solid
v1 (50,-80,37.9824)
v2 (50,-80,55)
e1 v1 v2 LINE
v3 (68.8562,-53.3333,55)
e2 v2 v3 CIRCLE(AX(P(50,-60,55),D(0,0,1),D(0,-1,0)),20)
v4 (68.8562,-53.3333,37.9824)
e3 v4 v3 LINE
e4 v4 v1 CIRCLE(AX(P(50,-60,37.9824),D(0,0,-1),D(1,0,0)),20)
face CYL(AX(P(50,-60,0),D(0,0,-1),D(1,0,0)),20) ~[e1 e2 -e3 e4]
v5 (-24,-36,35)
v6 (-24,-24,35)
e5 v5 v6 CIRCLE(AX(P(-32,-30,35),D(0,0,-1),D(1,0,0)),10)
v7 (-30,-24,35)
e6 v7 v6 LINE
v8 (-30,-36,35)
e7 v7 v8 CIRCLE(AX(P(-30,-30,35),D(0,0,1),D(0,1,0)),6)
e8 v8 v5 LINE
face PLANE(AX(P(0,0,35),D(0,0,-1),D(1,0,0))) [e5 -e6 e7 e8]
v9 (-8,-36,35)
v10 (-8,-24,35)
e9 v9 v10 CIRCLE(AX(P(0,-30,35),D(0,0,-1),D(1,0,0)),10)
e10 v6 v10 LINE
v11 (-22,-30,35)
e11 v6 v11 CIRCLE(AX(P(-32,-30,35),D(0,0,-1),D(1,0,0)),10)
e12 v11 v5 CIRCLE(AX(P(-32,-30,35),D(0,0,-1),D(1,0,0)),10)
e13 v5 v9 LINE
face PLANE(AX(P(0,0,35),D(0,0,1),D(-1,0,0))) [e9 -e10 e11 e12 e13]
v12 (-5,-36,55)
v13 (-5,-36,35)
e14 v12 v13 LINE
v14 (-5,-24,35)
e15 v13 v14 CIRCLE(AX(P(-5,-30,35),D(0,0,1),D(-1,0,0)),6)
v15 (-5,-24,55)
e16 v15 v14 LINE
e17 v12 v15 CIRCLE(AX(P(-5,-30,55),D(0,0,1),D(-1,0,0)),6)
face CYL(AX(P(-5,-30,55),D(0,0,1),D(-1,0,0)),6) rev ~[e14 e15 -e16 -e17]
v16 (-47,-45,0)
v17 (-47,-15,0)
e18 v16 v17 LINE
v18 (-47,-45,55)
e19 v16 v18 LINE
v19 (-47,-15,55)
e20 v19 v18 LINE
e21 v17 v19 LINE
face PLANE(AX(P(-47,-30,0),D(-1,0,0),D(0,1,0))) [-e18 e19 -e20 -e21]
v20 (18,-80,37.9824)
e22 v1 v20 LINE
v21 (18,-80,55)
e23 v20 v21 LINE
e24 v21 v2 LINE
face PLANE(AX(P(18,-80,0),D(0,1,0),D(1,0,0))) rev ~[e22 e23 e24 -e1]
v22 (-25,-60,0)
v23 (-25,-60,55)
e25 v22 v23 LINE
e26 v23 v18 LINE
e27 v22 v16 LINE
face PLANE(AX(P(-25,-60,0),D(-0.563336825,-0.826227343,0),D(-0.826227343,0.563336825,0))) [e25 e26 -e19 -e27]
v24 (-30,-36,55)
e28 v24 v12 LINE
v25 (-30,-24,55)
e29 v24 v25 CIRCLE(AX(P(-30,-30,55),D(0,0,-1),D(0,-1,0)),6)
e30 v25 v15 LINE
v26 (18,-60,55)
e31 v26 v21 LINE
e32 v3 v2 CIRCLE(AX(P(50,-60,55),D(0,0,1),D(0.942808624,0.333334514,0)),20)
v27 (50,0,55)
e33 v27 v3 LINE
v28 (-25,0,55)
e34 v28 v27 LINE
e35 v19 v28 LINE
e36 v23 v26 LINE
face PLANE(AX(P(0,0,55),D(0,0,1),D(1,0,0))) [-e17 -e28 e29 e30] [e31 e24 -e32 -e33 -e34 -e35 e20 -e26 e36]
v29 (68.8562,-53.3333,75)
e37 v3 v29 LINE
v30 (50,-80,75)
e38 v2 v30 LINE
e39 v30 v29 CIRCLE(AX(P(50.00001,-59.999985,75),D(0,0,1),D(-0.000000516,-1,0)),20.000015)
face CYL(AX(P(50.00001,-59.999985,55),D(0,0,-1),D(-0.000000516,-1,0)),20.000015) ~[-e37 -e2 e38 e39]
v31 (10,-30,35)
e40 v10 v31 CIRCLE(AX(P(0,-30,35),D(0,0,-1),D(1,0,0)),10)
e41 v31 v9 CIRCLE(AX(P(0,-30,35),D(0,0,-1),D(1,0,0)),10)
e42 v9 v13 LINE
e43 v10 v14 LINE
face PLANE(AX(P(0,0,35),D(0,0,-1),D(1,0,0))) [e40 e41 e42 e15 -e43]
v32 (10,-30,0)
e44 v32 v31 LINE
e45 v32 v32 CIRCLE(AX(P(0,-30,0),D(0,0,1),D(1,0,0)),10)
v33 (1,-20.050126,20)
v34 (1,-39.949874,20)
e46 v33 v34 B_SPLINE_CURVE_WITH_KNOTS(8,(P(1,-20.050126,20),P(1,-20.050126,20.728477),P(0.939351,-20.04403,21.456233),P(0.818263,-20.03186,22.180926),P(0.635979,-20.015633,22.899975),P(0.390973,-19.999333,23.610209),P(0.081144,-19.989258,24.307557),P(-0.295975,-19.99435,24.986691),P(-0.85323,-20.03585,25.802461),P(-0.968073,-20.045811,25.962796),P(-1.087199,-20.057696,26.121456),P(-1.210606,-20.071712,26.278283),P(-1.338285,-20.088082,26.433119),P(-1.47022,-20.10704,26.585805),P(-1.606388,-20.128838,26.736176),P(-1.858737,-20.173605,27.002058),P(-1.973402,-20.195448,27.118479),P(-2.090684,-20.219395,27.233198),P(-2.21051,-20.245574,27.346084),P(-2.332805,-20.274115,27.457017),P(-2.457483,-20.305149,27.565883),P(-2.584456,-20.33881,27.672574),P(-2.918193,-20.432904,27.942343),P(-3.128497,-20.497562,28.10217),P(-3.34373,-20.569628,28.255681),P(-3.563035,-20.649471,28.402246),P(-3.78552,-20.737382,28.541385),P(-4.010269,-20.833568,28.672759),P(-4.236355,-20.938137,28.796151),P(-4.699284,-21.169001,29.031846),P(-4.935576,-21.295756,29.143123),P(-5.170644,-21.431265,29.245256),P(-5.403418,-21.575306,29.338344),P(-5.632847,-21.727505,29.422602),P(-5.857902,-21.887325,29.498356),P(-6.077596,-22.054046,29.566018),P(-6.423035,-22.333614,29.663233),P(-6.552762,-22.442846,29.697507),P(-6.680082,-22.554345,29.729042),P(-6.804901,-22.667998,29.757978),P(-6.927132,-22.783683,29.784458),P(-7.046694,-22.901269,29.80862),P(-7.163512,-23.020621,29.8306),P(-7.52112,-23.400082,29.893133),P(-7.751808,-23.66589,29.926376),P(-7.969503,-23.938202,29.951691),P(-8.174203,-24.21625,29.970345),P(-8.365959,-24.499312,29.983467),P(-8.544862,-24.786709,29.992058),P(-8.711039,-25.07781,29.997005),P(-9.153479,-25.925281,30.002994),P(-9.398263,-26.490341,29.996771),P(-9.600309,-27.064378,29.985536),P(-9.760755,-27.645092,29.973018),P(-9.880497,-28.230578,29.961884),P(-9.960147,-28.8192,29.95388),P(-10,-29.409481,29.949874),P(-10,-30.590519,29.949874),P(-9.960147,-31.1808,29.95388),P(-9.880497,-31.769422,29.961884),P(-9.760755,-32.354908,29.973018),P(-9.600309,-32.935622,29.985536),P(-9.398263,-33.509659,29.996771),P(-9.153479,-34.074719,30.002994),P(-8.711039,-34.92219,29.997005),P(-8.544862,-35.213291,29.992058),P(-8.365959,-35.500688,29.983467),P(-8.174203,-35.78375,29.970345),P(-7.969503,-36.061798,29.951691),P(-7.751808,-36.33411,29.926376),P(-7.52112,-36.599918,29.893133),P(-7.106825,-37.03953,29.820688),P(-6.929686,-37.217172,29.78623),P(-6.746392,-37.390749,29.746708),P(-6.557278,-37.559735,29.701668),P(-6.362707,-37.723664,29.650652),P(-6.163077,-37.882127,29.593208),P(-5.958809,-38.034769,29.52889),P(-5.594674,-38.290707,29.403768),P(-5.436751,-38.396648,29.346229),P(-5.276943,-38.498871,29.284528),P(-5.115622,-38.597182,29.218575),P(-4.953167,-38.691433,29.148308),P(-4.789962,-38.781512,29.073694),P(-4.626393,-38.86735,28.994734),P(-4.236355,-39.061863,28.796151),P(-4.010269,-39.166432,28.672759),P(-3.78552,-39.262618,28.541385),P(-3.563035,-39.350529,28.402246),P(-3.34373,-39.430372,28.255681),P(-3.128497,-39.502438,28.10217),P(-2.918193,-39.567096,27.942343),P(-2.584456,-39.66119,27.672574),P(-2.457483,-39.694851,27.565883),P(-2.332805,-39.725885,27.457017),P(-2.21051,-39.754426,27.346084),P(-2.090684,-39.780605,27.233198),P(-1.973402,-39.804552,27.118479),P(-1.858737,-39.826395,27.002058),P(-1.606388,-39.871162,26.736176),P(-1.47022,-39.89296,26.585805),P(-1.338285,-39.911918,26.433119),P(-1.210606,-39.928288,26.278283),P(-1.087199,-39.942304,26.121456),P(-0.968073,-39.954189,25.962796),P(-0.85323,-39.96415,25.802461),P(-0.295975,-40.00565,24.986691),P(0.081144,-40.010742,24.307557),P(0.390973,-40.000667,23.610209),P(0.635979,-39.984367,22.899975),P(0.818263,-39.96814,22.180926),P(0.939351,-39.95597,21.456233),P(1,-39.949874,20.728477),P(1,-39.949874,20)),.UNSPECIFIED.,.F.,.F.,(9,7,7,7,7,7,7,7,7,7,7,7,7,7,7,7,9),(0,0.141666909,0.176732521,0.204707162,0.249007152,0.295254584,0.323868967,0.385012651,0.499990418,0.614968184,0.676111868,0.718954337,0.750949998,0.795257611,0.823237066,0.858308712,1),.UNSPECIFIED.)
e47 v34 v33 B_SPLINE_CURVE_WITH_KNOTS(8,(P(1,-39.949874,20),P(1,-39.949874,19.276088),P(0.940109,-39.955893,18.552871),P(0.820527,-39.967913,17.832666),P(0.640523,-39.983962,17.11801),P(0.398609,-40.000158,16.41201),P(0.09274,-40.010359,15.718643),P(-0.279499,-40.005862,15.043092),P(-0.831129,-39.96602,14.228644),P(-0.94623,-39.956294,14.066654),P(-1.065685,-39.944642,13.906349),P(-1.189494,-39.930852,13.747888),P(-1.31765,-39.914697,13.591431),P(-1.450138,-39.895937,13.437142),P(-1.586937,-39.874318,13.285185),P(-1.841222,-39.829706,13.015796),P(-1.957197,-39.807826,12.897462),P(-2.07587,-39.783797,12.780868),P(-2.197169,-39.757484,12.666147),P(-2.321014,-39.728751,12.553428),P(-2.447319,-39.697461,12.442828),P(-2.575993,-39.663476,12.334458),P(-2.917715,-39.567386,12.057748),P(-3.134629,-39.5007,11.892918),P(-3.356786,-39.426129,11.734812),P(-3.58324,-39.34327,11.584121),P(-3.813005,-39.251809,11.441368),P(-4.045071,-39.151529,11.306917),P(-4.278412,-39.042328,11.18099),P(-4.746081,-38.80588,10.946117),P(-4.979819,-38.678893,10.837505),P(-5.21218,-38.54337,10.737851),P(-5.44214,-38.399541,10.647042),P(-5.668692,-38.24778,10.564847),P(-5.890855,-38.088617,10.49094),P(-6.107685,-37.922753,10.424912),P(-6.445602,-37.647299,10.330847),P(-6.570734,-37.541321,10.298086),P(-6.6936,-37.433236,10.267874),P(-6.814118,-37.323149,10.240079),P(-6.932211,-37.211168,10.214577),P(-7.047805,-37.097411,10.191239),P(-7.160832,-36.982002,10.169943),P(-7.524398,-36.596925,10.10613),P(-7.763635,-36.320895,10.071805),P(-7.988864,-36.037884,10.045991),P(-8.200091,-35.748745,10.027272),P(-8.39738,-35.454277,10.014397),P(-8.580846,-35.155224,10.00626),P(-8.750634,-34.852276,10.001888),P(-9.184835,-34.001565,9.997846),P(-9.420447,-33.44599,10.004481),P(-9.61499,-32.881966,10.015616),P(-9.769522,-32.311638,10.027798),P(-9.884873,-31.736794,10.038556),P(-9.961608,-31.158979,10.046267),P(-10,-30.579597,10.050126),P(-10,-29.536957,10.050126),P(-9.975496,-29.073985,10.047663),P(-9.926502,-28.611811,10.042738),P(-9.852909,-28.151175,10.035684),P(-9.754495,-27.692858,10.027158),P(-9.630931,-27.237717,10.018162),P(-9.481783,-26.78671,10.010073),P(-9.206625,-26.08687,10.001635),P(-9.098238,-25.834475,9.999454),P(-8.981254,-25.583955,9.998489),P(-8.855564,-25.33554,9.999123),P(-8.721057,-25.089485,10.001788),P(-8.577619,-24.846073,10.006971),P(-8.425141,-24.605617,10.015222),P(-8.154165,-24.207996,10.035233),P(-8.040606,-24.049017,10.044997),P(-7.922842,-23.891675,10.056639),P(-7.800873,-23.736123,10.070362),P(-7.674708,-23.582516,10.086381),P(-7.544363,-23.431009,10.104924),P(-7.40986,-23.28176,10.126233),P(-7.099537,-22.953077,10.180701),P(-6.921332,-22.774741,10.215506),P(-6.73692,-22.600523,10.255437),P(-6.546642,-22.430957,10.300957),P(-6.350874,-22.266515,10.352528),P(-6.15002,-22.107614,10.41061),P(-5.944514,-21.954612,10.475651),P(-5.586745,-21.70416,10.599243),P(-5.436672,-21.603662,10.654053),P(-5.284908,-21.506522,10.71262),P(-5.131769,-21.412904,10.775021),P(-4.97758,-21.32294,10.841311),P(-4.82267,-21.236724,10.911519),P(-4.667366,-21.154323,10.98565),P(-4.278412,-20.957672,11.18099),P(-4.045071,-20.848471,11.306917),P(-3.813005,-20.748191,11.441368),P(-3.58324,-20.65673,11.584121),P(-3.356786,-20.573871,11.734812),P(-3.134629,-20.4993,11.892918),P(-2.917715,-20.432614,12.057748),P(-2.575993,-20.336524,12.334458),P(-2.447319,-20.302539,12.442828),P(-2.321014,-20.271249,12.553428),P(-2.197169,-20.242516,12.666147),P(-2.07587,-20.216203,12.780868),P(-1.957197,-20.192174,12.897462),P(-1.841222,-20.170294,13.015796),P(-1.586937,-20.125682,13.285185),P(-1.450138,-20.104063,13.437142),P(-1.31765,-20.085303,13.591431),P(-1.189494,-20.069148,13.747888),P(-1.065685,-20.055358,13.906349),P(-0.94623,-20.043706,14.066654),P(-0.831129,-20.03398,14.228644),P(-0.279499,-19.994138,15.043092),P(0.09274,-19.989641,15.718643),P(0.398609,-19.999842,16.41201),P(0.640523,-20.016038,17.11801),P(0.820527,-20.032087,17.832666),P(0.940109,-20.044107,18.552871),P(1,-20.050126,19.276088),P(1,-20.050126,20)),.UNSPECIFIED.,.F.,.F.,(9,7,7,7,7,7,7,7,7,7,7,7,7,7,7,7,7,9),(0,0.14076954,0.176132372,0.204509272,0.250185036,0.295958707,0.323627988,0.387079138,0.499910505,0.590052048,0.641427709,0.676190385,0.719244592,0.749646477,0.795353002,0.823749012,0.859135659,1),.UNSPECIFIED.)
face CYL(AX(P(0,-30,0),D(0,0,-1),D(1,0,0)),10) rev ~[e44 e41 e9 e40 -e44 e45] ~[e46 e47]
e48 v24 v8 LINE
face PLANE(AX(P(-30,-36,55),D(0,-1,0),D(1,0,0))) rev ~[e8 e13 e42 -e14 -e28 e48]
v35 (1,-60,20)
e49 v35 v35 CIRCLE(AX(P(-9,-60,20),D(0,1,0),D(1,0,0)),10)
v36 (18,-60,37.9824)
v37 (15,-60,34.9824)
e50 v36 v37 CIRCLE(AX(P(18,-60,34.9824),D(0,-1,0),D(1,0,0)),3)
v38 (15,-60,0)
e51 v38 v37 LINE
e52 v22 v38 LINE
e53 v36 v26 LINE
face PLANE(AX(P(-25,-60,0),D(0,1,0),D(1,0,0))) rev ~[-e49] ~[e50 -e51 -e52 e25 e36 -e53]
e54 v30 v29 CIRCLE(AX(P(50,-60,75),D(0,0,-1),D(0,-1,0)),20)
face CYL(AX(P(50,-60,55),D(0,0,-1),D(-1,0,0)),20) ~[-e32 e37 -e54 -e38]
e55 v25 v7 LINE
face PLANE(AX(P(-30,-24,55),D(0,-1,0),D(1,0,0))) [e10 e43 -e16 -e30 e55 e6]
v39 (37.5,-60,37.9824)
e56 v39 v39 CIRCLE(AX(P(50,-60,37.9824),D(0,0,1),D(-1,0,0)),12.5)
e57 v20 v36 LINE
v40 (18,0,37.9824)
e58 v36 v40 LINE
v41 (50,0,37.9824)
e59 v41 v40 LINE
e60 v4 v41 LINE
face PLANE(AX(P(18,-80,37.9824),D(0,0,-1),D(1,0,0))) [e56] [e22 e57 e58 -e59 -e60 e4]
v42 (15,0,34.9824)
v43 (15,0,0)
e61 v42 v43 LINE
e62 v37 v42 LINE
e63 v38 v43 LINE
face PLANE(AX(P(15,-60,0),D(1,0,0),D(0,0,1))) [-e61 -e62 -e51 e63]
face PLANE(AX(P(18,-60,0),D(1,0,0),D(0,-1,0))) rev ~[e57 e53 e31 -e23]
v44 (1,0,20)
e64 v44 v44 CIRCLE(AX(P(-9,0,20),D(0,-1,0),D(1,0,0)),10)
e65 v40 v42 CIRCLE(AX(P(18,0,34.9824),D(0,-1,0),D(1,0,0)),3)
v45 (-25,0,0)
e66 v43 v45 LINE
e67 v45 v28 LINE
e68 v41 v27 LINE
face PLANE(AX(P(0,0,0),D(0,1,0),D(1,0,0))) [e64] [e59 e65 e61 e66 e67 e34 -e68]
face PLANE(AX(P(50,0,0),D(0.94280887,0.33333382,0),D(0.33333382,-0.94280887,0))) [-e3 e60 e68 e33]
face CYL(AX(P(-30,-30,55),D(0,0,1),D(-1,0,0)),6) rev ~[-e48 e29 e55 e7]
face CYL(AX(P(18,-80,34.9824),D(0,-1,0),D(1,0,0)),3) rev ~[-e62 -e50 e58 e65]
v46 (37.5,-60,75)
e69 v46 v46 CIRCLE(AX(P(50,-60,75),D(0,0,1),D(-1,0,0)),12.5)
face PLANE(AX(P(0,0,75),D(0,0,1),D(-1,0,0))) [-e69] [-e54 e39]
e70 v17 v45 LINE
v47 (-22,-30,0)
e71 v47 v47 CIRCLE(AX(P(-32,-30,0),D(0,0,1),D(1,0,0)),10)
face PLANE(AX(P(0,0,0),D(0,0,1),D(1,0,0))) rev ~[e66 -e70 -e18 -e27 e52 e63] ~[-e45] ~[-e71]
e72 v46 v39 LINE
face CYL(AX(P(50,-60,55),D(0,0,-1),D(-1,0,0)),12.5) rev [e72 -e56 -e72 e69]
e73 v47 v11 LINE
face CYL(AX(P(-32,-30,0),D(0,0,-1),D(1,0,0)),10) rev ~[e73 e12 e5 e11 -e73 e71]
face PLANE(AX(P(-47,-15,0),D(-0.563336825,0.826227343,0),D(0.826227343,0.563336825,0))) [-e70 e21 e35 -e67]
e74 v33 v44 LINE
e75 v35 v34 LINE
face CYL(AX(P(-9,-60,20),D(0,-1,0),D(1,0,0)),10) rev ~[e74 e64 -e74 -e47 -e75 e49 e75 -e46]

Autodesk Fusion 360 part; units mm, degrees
sketch "Sketch1" plane through (0, 0, 0) normal (0, 0, 1) x (1, 0, 0)
  line L0 (0, 0) -> (50, 0)
  line L1 (0, 0) -> (-25, 0)
  line L2 (-47, -30) -> (50, -30)
  line L3 (-47, -30) -> (-47, -15)
  line L4 (-47, -30) -> (-47, -45)
  line L5 (-47, -15) -> (-25, 0)
  line L6 (-25, 0) -> (-25, -30)
  line L7 (-25, -30) -> (-25, -60)
  line L8 (-25, -60) -> (-47, -45)
  line L9 (-25, -60) -> (18, -60)
  line L10 (18, -60) -> (18, -30)
  line L11 (50, -30) -> (50, -60)
  circle A0 centre (50, -60) radius 12.5
  circle A1 centre (50, -60) radius 20
  line L12 (18, -60) -> (18, -80)
  line L13 (18, -80) -> (50, -80)
  line L14 (50, 0) -> (68.8562, -53.3333)
  dimension "d3" = 50
  dimension "d4" = 25
  dimension "d8" = 15
  dimension "d9" = 15
  dimension "d11" = 30
  dimension "d12" = 25
  dimension "d13" = 40
extrude "Extrude1" add sketch "Sketch1" along normal blind 55 contours L0 L1 L2 L6 L11 A1 L14 | L2 L3 L5 L6 | A0 | A1 | L2 L4 L7 L8 | L2 L7 L9 L10 | L2 L10 L11 A1 L12 L13
sketch "Sketch2" plane through (0, -80, 0) normal (0, -1, 0) x (1, 0, 0)
  line L0 (18, 0) -> (50, 0)
  line L1 (50, 0) -> (50, 55)
  line L2 (50, 55) -> (18, 55)
  line L3 (18, 55) -> (18, 0)
  line L4 (15, -0.0176) -> (15, 34.9824)
  line L5 (15, 34.9824) -> (18, 34.9824)
  circle A0 centre (18, 34.9824) radius 3
  line L6 (18, 34.9824) -> (18, 37.9824)
  line L7 (70.6384, 36.4824) -> (70.6384, -2.3651)
  line L8 (70.6384, -2.3651) -> (18, 0)
  line L9 (18, 37.9824) -> (30, 37.9824)
  line L10 (30, 37.9824) -> (71, 37.9824)
  line L11 (71, 37.9824) -> (70.6384, 36.4824)
  dimension "d17" = 35
  dimension "d19" = 3
  dimension "d20" = 6
extrude "Extrude2" cut sketch "Sketch2" against normal blind 115 contours L0 L1 L3 A0 L9 L10 | L0 L1 L7 L8 L10 L11 | L3 L5 A0 | L3 A0 L6 | L3 L5 A0 L6
sketch "Sketch3" plane through (0, -60, 0) normal (0, -1, 0) x (1, 0, 0)
  arc A0 (18, 37.9824) -> (18, 31.9824) centre (18, 34.9824) ccw
  line L0 (18, 37.9824) -> (18, 55)
  line L1 (18, 55) -> (-25, 55)
  line L2 (-25, 55) -> (-25, 0)
  line L3 (-25, 0) -> (18, 0)
  line L4 (18, 0) -> (18, 31.9824)
  line L5 (15, 34.9824) -> (18, 34.9824)
  line L6 (18, 34.9824) -> (18, 0)
  line L7 (18, 0) -> (15, 0)
  line L8 (15, 0) -> (15, 34.9824)
extrude "Extrude3" cut sketch "Sketch3" against normal blind 120 contours A0 L3 L4 L6 L7 L8
sketch "Sketch4" plane through (0, 0, 55) normal (0, 0, 1) x (-1, 0, 0)
  line L0 (-50, 0) -> (25, 0)
  line L1 (25, 0) -> (47, 15)
  line L2 (47, 15) -> (47, 45)
  line L3 (47, 45) -> (25, 60)
  line L4 (25, 60) -> (-18, 60)
  line L5 (-18, 60) -> (-18, 80)
  line L6 (-18, 80) -> (-50, 80)
  arc A0 (-50, 80) -> (-68.8562, 53.3333) centre (-50, 60) ccw
  line L7 (-68.8562, 53.3333) -> (-50, 0)
  line L8 (-50, 80) -> (-50, 60)
  line L9 (-50, 60) -> (-70, 60)
  circle A1 centre (-50, 60) radius 12.5
  dimension "d25" = 25
extrude "Extrude4" cut sketch "Sketch4" against normal blind 50 contours L8 L9 A1 | L8 L9 A1
sketch "Sketch5" plane through (0, 0, 55) normal (0, 0, 1) x (-1, 0, 0)
  circle A0 centre (-50, 60) radius 12.5
  line L0 (-50, 0) -> (25, 0)
  line L1 (25, 0) -> (47, 15)
  line L2 (47, 15) -> (47, 45)
  line L3 (47, 45) -> (25, 60)
  line L4 (25, 60) -> (-18, 60)
  line L5 (-18, 60) -> (-18, 80)
  line L6 (-18, 80) -> (-50, 80)
  arc A1 (-50, 80) -> (-68.8562, 53.3333) centre (-50, 60) ccw
  line L7 (-68.8562, 53.3333) -> (-50, 0)
  line L8 (47, 30) -> (47, 20)
  line L9 (47, 30) -> (47, 40)
  line L10 (47, 30) -> (30, 30)
  circle A2 centre (30, 30) radius 6
  line L11 (30, 30) -> (30, 24)
  line L12 (30, 30) -> (30, 36)
  line L13 (30, 30) -> (5, 30)
  circle A3 centre (5, 30) radius 6
  line L14 (30, 24) -> (5, 24)
  line L15 (30, 36) -> (5, 36)
  dimension "d28" = 10
  dimension "d29" = 10
  dimension "d30" = 17
  dimension "d31" = 12
  dimension "d32" = 25
  dimension "d33" = 12
extrude "Extrude5" cut sketch "Sketch5" against normal blind 20 contours L10 A2 L11 | L10 A2 L12 | A2 L12 L13 | A2 L11 L13 | A2 L13 A3 L15 | A2 L13 A3 L14 | A3
sketch "Sketch6" plane through (0, 0, 55) normal (0, 0, 1) x (-1, 0, 0)
  line L0 (5, 36) -> (30, 36)
  arc A0 (30, 24) -> (30, 36) centre (30, 30) ccw
  line L1 (30, 24) -> (5, 24)
  arc A1 (5, 36) -> (5, 24) centre (5, 30) ccw
  circle A2 centre (-50, 60) radius 12.5
  line L2 (-50, 0) -> (25, 0)
  line L3 (25, 0) -> (47, 15)
  line L4 (47, 15) -> (47, 45)
  line L5 (47, 45) -> (25, 60)
  line L6 (25, 60) -> (-18, 60)
  line L7 (-18, 60) -> (-18, 80)
  line L8 (-18, 80) -> (-50, 80)
  arc A3 (-50, 80) -> (-68.8562, 53.3333) centre (-50, 60) ccw
  line L9 (-68.8562, 53.3333) -> (-50, 0)
  circle A4 centre (-50, 60) radius 20
  circle A5 centre (-50, 60) radius 12.5
  dimension "d36" = 40
  dimension "d37" = 25
extrude "Extrude6" add sketch "Sketch6" along normal blind 20 contours A3 A4
sketch "Sketch7" plane through (0, -60, 0) normal (0, -1, 0) x (1, 0, 0)
  line L0 (15, 0) -> (15, 34.9824)
  arc A0 (18, 37.9824) -> (15, 34.9824) centre (18, 34.9824) ccw
  line L1 (18, 37.9824) -> (18, 55)
  line L2 (18, 55) -> (-25, 55)
  line L3 (-25, 55) -> (-25, 0)
  line L4 (-25, 0) -> (15, 0)
  line L5 (-47, 0) -> (-9, 0)
  line L6 (-9, 0) -> (-9, 20)
  circle A1 centre (-9, 20) radius 10
  dimension "d40" = 38
  dimension "d41" = 20
  dimension "d42" = 20
extrude "Extrude7" cut sketch "Sketch7" against normal blind 130 contours A1
sketch "Sketch8" plane through (0, 0, 0) normal (0, 0, -1) x (1, 0, 0)
  line L0 (15, 0) -> (15, 60)
  line L1 (15, 60) -> (-25, 60)
  line L2 (-25, 60) -> (-47, 45)
  line L3 (-47, 45) -> (-47, 15)
  line L4 (-47, 15) -> (-25, 0)
  line L5 (-25, 0) -> (15, 0)
  line L6 (-47, 30) -> (15, 30)
  line L7 (-47, 30) -> (-32, 30)
  line L8 (15, 30) -> (0, 30)
  circle A0 centre (-32, 30) radius 10
  circle A1 centre (0, 30) radius 10
  dimension "d45" = 15
  dimension "d46" = 15
  dimension "d47" = 20
  dimension "d48" = 20
extrude "Extrude8" cut sketch "Sketch8" against normal blind 35 contours L6 L8 A1 | L6 L8 A1 | L6 L7 A0 | L6 L7 A0
equation "d34 = -55.00 mm + 35 mm"
equation "d38 = 75.00 mm - 55 mm"
